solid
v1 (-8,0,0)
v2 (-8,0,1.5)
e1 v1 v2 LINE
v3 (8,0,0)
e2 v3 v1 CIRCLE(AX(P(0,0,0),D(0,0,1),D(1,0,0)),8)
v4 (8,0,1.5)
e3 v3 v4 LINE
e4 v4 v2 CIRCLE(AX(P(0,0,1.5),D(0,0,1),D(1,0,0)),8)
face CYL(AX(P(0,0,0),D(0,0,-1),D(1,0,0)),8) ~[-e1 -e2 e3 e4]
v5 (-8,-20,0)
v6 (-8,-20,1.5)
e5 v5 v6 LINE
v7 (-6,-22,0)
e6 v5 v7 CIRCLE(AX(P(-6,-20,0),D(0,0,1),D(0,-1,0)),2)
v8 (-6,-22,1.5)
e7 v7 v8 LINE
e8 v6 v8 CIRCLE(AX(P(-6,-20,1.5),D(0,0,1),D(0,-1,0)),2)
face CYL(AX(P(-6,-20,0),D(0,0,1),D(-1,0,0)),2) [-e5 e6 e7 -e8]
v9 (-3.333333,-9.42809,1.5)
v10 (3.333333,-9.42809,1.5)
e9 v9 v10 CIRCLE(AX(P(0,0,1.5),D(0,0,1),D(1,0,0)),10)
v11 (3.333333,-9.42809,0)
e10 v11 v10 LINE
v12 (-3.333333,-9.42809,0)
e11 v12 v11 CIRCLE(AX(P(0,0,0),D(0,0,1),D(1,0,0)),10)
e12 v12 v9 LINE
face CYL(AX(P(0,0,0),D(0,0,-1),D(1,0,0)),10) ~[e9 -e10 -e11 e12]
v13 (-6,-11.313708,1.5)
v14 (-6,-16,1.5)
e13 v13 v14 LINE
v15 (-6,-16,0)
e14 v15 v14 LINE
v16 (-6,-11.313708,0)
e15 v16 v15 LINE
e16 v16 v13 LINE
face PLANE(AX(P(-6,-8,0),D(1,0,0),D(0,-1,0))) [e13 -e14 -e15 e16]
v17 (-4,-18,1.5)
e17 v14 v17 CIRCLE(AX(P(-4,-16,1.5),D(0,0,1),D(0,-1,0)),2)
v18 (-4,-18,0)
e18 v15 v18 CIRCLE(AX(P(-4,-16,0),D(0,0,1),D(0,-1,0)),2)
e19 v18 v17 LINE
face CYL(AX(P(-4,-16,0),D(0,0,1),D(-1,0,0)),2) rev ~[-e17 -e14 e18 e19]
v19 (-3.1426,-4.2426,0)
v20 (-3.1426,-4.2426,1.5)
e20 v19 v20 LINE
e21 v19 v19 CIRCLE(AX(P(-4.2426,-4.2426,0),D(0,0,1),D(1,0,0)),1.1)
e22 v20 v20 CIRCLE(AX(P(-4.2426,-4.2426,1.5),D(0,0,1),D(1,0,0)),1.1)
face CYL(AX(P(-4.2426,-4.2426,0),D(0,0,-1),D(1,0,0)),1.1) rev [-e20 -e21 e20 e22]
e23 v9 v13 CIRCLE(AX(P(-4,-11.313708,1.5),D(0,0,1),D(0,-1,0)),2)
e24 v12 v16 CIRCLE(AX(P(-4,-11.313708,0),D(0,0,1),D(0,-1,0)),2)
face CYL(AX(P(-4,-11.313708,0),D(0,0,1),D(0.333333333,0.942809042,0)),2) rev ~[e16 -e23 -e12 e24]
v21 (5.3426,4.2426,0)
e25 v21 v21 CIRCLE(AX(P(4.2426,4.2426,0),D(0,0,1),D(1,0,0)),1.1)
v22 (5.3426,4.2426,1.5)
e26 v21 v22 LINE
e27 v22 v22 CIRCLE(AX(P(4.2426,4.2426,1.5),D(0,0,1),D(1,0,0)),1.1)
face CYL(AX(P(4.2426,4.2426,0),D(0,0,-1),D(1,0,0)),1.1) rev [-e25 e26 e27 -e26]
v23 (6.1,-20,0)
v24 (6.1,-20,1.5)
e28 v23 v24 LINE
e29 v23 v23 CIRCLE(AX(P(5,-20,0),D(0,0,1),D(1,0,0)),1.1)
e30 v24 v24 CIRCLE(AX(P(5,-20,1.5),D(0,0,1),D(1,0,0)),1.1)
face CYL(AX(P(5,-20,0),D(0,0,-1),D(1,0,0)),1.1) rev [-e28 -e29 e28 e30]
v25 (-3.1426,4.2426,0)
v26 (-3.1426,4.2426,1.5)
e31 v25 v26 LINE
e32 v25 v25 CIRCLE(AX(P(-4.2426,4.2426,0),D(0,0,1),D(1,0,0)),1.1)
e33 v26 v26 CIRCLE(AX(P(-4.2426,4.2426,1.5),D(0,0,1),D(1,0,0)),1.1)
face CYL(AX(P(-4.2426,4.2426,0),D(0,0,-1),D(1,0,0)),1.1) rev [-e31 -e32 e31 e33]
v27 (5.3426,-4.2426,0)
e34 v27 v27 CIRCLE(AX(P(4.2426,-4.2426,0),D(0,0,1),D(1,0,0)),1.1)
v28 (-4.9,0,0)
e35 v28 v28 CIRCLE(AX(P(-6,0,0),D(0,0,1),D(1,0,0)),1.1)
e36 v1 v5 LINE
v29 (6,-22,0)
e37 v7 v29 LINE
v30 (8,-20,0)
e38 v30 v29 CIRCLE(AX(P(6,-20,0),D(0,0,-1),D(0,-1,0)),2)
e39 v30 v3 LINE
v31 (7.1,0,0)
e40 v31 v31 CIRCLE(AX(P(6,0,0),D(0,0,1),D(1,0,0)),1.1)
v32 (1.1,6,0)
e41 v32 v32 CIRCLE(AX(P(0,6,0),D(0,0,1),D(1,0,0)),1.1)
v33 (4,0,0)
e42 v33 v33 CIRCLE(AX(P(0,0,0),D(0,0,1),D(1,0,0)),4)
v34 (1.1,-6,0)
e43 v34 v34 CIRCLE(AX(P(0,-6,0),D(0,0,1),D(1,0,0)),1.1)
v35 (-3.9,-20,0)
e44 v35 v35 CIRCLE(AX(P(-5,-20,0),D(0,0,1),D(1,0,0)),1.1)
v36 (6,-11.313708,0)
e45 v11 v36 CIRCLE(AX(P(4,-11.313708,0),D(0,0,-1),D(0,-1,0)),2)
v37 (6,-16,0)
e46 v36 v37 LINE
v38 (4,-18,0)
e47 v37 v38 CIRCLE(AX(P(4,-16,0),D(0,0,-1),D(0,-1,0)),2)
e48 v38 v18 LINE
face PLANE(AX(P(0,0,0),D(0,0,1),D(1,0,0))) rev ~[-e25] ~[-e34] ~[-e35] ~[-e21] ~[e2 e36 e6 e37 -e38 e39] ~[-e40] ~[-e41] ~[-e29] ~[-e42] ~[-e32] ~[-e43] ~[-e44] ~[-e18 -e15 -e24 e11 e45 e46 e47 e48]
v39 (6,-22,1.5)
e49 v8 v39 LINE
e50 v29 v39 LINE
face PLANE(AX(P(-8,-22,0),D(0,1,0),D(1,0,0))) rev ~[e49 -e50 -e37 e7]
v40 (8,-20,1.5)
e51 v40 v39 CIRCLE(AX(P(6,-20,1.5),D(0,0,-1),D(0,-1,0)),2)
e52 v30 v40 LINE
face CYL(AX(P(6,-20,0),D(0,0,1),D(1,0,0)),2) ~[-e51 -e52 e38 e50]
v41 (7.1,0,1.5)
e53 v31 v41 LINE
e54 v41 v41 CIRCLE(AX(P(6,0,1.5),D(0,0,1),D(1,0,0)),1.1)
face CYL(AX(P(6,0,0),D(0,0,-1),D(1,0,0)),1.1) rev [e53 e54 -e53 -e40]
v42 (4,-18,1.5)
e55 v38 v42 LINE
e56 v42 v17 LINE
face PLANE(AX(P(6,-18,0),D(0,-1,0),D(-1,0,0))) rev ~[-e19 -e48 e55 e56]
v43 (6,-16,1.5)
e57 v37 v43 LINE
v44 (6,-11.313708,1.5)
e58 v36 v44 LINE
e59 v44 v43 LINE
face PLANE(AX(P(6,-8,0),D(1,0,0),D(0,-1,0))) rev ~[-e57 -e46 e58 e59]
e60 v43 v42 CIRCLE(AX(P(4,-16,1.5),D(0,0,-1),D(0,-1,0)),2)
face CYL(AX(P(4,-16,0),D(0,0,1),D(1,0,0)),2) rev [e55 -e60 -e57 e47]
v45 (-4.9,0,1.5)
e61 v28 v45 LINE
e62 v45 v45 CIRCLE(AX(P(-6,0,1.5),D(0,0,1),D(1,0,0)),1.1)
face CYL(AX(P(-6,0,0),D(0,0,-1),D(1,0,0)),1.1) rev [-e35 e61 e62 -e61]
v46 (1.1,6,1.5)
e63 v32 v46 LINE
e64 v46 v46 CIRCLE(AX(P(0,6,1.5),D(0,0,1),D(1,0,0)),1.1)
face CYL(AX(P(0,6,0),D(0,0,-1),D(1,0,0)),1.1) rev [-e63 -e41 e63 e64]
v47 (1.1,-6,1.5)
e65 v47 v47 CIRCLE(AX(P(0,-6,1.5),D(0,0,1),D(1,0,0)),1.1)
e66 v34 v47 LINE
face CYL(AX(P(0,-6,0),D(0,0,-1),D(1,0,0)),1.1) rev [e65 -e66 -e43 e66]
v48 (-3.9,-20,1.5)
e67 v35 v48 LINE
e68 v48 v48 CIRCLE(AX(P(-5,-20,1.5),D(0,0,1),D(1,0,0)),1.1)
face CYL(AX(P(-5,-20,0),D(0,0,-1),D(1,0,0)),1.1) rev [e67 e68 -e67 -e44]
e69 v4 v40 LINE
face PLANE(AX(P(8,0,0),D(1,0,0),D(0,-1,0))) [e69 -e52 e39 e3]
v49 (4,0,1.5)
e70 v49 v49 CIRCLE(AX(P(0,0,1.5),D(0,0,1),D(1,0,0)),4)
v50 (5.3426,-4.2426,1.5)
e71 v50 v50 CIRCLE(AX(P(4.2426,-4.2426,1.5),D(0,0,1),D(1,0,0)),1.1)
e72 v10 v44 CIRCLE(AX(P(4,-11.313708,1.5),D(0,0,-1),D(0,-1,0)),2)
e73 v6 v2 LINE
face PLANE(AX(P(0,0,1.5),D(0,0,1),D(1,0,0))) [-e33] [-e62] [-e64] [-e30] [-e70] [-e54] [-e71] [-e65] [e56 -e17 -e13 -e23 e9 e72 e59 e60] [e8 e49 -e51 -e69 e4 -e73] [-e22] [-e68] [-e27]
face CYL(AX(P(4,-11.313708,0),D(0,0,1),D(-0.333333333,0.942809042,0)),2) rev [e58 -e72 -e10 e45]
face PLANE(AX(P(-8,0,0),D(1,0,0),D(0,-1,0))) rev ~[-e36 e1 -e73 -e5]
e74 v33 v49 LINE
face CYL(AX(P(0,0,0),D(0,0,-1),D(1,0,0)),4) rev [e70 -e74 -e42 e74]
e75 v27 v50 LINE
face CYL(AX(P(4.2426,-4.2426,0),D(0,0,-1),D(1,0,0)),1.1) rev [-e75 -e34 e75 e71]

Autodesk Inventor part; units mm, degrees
ref_plane "YZ Plane" through (0, 0, 0) normal (1, 0, 0) x (0, 1, 0)
ref_plane "XZ Plane" through (0, 0, 0) normal (0, 1, 0) x (-1, 0, 0)
ref_plane "XY Plane" through (0, 0, 0) normal (0, 0, 1) x (1, 0, 0)
sketch "スケッチ1" plane through (0, 0, 0) normal (0, 0, 1) x (1, 0, 0)
  circle A0 centre (0, 0) radius 4
  circle A1 centre (0, 0) radius 6 construction
  circle A2 centre (0, 6) radius 1.1
  circle A3 centre (-4.2426, 4.2426) radius 1.1
  circle A4 centre (-6, 0) radius 1.1
  circle A5 centre (-4.2426, -4.2426) radius 1.1
  circle A6 centre (0, -6) radius 1.1
  circle A7 centre (4.2426, -4.2426) radius 1.1
  circle A8 centre (6, 0) radius 1.1
  circle A9 centre (4.2426, 4.2426) radius 1.1
  circle A10 centre (0, 0) radius 8
  circle A11 centre (-5, -20) radius 1.1
  circle A12 centre (5, -20) radius 1.1
  line L0 (0, 6) -> (0, 0) construction
  line L1 (-8, -22) -> (8, -22)
  line L2 (8, -22) -> (8, -18)
  line L3 (8, -18) -> (-8, -18)
  line L4 (-8, -18) -> (-8, -22)
  line L5 (-8, -22) -> (8, -18) construction
  line L6 (8, -22) -> (-8, -18) construction
  line L7 (-8, 0) -> (-8, -18)
  line L8 (8, 0) -> (8, -18)
  circle A13 centre (0, 0) radius 10
  line L9 (-6, -8) -> (-6, -18)
  line L10 (6, -8) -> (6, -18)
  point P0 (0, -20)
  point P1 (6, -18)
  point P2 (8, 0)
  dimension "d1" = 12
  dimension "d7" = 16
  dimension "d15" = 2
  dimension "d0" = 8
  dimension "d2" = 2.2
  dimension "d5" = 360
  dimension "d8" = 2.2
  dimension "d9" = 2.2
  dimension "d10" = 10
  dimension "d11" = 20
  dimension "d12" = 5
  dimension "d14" = 2
  dimension "d16" = 2
extrude "押し出し1" add sketch "スケッチ1" along normal blind 1.5 contours A10 | L8 A13 L7 A10 | L8 L3 L10 A13 | A13 L9 L3 L7 | L2 L1 L4 L3 picked at (4.9014, -7.8926)
fillet "フィレット1" radius 2 6 edges at (-6, -8, 0.75) (6, -8, 0.75) (-6, -18, 0.75) (6, -18, 0.75) (-8, -22, 0.75) (8, -22, 0.75)
equation "\"d12\" = 0.5 * d10"
equation "\"d16\" = d15"
properties part number "tunage"
